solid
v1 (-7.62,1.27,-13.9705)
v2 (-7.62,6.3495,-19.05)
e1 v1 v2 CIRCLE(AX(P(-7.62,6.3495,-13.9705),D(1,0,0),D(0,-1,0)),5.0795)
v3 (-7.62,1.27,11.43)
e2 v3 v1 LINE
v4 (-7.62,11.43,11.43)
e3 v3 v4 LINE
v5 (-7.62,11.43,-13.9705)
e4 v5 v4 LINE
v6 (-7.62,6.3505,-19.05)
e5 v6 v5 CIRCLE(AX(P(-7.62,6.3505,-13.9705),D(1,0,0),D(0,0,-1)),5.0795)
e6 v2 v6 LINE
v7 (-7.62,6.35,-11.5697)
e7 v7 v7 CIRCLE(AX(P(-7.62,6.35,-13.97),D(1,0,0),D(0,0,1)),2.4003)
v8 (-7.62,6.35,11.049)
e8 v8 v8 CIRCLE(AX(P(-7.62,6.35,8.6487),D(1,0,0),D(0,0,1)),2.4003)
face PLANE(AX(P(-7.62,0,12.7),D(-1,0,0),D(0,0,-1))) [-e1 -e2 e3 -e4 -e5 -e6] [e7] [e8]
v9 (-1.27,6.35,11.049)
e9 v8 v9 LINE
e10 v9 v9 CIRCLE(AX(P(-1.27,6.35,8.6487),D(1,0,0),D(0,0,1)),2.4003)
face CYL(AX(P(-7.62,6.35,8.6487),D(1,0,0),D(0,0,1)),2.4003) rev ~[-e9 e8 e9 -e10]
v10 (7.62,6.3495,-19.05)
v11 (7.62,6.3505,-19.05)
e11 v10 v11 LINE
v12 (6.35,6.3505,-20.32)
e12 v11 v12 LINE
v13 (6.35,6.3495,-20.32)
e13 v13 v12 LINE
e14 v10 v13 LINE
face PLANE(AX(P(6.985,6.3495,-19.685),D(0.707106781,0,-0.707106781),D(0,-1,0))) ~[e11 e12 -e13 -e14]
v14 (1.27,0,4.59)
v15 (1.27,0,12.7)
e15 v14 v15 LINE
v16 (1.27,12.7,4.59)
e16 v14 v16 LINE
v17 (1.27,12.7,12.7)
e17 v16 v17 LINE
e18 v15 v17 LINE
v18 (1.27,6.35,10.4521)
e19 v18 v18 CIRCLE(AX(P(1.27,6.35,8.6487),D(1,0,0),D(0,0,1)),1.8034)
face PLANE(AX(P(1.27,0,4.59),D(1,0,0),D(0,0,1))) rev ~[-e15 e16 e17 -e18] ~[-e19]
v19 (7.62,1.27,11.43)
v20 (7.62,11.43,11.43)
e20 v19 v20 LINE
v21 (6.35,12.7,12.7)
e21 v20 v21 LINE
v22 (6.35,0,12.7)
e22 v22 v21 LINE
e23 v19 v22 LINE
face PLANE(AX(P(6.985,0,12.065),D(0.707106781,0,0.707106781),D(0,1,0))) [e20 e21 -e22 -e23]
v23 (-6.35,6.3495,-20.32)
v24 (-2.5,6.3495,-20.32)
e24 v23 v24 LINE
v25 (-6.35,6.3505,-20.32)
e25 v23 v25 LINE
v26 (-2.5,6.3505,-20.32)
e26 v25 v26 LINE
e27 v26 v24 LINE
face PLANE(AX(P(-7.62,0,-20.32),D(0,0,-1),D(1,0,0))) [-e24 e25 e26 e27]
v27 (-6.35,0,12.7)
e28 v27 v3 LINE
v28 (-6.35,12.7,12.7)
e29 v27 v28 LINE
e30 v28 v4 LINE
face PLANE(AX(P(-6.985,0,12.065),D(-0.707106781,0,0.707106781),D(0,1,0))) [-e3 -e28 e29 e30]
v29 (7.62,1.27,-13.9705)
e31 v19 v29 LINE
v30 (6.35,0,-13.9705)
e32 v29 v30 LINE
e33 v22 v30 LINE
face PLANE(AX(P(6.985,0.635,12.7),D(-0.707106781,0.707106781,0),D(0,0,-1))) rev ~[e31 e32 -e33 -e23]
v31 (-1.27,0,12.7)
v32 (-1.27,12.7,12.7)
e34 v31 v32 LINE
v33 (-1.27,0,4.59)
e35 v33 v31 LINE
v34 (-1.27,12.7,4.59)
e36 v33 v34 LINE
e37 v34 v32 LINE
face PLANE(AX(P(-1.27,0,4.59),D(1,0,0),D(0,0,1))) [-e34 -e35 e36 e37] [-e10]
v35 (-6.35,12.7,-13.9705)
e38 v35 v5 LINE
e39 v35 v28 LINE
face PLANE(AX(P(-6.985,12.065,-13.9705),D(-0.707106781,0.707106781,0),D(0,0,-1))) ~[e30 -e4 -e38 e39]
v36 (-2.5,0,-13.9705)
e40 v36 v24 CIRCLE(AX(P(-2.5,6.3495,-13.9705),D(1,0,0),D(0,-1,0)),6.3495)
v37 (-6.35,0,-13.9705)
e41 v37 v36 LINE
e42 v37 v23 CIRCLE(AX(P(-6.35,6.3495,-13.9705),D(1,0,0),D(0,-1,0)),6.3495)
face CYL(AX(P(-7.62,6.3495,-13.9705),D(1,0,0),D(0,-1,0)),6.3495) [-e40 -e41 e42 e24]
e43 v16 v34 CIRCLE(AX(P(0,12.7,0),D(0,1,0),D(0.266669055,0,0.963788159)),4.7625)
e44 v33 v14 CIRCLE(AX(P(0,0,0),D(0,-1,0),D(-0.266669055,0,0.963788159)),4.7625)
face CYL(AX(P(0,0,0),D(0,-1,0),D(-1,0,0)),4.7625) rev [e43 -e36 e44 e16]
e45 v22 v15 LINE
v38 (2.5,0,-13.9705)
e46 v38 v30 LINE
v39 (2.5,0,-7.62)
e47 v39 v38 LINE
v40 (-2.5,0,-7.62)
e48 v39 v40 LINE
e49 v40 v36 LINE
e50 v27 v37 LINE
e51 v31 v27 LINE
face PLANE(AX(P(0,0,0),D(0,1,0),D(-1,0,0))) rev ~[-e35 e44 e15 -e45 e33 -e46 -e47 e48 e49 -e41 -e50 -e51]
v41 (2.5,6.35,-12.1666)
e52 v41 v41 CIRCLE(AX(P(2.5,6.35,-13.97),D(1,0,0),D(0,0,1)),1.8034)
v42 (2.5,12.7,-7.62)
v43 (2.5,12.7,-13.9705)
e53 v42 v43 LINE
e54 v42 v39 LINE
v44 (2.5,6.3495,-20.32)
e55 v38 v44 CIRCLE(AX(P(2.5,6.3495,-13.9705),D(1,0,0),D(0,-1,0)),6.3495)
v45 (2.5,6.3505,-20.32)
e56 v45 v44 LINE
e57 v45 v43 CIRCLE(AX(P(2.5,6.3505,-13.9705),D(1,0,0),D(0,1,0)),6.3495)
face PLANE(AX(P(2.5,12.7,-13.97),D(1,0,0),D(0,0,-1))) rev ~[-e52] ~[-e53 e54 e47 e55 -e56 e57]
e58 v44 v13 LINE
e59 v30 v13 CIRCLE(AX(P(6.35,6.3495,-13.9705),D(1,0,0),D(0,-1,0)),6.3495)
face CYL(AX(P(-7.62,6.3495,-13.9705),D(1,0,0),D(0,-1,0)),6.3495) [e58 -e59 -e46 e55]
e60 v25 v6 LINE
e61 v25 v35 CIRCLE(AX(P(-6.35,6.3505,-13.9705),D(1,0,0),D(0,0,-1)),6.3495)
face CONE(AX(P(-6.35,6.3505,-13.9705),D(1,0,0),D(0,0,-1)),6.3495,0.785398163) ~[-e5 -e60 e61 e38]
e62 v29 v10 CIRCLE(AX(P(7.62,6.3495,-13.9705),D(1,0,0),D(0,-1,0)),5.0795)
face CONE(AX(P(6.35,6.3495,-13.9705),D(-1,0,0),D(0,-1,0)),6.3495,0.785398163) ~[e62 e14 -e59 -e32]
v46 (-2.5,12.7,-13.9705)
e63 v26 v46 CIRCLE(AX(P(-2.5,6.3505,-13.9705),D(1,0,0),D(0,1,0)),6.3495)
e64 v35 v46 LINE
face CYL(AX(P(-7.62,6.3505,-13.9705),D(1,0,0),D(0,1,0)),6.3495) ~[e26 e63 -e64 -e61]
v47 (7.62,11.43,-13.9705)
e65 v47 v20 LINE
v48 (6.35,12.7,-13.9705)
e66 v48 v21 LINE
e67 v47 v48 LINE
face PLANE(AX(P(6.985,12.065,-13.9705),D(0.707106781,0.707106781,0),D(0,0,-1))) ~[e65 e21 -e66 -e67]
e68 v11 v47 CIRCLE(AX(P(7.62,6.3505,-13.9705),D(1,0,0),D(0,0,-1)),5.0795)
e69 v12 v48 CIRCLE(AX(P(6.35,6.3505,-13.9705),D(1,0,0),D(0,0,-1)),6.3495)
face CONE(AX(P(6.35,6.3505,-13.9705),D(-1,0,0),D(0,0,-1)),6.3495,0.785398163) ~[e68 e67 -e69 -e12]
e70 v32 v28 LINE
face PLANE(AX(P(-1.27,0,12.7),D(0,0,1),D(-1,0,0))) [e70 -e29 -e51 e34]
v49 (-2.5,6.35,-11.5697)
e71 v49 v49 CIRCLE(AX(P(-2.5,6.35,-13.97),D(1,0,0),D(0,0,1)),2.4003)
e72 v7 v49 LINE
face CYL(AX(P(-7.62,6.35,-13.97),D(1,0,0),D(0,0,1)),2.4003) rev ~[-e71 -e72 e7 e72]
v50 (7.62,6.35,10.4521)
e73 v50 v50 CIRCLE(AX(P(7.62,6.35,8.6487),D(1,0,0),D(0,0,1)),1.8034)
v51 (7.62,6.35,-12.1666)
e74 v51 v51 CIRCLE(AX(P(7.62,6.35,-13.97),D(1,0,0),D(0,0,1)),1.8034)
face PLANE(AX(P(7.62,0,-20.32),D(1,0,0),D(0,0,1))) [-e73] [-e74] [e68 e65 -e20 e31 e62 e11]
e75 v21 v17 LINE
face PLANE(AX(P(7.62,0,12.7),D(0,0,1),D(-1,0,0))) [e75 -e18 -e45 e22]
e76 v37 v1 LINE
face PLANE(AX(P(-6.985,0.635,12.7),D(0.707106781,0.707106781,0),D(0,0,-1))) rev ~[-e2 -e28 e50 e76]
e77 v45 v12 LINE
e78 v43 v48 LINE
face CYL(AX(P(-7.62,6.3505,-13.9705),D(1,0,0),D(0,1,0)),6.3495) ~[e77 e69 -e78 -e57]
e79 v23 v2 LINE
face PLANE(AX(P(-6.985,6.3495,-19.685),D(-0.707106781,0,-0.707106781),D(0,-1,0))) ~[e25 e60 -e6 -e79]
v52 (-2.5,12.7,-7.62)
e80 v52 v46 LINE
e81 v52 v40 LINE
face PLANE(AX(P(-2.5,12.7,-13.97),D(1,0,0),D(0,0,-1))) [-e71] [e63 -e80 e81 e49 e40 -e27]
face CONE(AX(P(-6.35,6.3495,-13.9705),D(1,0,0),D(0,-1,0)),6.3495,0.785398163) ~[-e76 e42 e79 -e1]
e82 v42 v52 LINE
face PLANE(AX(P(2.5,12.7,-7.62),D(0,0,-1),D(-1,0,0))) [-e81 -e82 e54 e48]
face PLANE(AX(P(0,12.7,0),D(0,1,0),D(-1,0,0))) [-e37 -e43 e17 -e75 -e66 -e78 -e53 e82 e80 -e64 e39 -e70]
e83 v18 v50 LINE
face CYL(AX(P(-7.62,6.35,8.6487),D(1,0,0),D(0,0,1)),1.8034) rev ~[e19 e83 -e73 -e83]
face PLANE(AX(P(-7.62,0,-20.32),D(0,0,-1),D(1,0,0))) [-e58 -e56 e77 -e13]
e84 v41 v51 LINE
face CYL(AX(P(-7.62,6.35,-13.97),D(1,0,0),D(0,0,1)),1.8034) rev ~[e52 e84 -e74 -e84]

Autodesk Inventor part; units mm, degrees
ref_plane "YZ Plane" through (0, 0, 0) normal (1, 0, 0) x (0, 1, 0)
ref_plane "XZ Plane" through (0, 0, 0) normal (0, 1, 0) x (-1, 0, 0)
ref_plane "XY Plane" through (0, 0, 0) normal (0, 0, 1) x (1, 0, 0)
sketch "Sketch1" plane through (0, 0, 0) normal (0, 1, 0) x (-1, 0, 0)
  circle A0 centre (0, 0) radius 4.7625
  line L0 (7.62, -20.32) -> (-7.62, -20.32)
  line L1 (-7.62, -20.32) -> (-7.62, 12.7)
  line L2 (-7.62, 12.7) -> (7.62, 12.7)
  line L3 (7.62, 12.7) -> (7.62, -20.32)
  line L4 (1.27, 4.59) -> (1.27, 12.7)
  line L5 (-1.27, 4.59) -> (-1.27, 12.7)
  line L6 (0, 4.7625) -> (0, 12.7) construction
  dimension "d0" = 9.525
  dimension "d1" = 7.62
  dimension "d2" = 7.62
  dimension "d3" = 20.32
  dimension "d4" = 12.7
  dimension "d6" = 1.27
  dimension "d7" = 1.27
extrude "Extrusion1" add sketch "Sketch1" along normal blind 12.7 contours A0 L4 L2 L3 L0 L1 L5
sketch "Sketch2" plane through (-7.62, 0, -20.32) normal (-1, 0, 0) x (0, 0, 1)
  line L0 (0, 0) -> (33.02, 0) projected
  line L1 (33.02, 0) -> (33.02, 12.7) projected
  line L2 (0, 12.7) -> (33.02, 12.7) projected
  line L3 (0, 0) -> (0, 12.7) projected
  line L4 (0, 6.35) -> (33.02, 6.35) construction
  circle A0 centre (28.9687, 6.35) radius 1.75
  circle A1 centre (6.35, 6.35) radius 1.5
  point P0 (20.32, 0)
  dimension "d10" = 3.5
  dimension "d11" = 4.0513
  dimension "d20" = 3
  dimension "d21" = 6.35
hole "Hole1" at (-7.62, 6.35, 8.6487) at (-7.62, 6.35, -13.97) direction (1, 0, 0) diameter 3.6068 end through all clearance for "Flat Head Machine Screw" size "M3" standard "Ansi Metric M Profile"
fillet "Fillet1" radius 6.35 2 edges at (0, 12.7, -20.32) (0, 0, -20.32)
sketch "Sketch3" plane through (0, 12.7, 0) normal (0, 1, 0) x (1, 0, 0)
  line L0 (-7.62, 13.97) -> (7.62, 13.97) projected
  line L1 (-7.62, 13.97) -> (-7.62, -12.7) projected
  line L2 (-7.62, -12.7) -> (-1.27, -12.7) projected
  line L3 (-1.27, -12.7) -> (-1.27, -4.59) projected
  arc A0 (1.27, -4.59) -> (-1.27, -4.59) centre (0, 0) ccw projected
  line L4 (1.27, -4.59) -> (1.27, -12.7) projected
  line L5 (1.27, -12.7) -> (7.62, -12.7) projected
  line L6 (7.62, -12.7) -> (7.62, 13.97) projected
  line L7 (0, 4.7625) -> (0, 20.32) construction
  line L8 (7.62, 20.32) -> (-7.62, 20.32) projected
  line L9 (2.5, 4.0536) -> (2.5, 20.32)
  line L10 (-2.5, 4.0536) -> (-2.5, 20.32)
  line L11 (2.5, 7.62) -> (-2.5, 7.62)
  dimension "d22" = 2.5
  dimension "d23" = 2.5
  dimension "d26" = 12.7
extrude "Extrusion2" cut sketch "Sketch3" against normal through all contours L10 L8 L9 L0 | L0 L9 L11 L10
chamfer "Chamfer1" distance 1.27 angle 45 8 edges at (-7.62, 0, -0.6352) (-7.62, 10.8403, -18.4603) (-7.62, 12.7, -0.6352) (7.62, 12.7, -0.6353) (7.62, 10.8403, -18.4603) (7.62, 0, -0.6353) (-7.62, 6.35, 12.7) (7.62, 6.35, 12.7)
hole "Hole2" at (-7.62, 6.35, -13.97) at (-7.62, 6.35, 8.6487) direction (1, 0, 0) diameter 4.8006 depth 6.35 clearance for "Flat Head Machine Screw" size "M4" standard "Ansi Metric M Profile"
equation "\"d2\" = d1"
equation "\"d7\" = d6"
equation "\"d23\" = d22"
